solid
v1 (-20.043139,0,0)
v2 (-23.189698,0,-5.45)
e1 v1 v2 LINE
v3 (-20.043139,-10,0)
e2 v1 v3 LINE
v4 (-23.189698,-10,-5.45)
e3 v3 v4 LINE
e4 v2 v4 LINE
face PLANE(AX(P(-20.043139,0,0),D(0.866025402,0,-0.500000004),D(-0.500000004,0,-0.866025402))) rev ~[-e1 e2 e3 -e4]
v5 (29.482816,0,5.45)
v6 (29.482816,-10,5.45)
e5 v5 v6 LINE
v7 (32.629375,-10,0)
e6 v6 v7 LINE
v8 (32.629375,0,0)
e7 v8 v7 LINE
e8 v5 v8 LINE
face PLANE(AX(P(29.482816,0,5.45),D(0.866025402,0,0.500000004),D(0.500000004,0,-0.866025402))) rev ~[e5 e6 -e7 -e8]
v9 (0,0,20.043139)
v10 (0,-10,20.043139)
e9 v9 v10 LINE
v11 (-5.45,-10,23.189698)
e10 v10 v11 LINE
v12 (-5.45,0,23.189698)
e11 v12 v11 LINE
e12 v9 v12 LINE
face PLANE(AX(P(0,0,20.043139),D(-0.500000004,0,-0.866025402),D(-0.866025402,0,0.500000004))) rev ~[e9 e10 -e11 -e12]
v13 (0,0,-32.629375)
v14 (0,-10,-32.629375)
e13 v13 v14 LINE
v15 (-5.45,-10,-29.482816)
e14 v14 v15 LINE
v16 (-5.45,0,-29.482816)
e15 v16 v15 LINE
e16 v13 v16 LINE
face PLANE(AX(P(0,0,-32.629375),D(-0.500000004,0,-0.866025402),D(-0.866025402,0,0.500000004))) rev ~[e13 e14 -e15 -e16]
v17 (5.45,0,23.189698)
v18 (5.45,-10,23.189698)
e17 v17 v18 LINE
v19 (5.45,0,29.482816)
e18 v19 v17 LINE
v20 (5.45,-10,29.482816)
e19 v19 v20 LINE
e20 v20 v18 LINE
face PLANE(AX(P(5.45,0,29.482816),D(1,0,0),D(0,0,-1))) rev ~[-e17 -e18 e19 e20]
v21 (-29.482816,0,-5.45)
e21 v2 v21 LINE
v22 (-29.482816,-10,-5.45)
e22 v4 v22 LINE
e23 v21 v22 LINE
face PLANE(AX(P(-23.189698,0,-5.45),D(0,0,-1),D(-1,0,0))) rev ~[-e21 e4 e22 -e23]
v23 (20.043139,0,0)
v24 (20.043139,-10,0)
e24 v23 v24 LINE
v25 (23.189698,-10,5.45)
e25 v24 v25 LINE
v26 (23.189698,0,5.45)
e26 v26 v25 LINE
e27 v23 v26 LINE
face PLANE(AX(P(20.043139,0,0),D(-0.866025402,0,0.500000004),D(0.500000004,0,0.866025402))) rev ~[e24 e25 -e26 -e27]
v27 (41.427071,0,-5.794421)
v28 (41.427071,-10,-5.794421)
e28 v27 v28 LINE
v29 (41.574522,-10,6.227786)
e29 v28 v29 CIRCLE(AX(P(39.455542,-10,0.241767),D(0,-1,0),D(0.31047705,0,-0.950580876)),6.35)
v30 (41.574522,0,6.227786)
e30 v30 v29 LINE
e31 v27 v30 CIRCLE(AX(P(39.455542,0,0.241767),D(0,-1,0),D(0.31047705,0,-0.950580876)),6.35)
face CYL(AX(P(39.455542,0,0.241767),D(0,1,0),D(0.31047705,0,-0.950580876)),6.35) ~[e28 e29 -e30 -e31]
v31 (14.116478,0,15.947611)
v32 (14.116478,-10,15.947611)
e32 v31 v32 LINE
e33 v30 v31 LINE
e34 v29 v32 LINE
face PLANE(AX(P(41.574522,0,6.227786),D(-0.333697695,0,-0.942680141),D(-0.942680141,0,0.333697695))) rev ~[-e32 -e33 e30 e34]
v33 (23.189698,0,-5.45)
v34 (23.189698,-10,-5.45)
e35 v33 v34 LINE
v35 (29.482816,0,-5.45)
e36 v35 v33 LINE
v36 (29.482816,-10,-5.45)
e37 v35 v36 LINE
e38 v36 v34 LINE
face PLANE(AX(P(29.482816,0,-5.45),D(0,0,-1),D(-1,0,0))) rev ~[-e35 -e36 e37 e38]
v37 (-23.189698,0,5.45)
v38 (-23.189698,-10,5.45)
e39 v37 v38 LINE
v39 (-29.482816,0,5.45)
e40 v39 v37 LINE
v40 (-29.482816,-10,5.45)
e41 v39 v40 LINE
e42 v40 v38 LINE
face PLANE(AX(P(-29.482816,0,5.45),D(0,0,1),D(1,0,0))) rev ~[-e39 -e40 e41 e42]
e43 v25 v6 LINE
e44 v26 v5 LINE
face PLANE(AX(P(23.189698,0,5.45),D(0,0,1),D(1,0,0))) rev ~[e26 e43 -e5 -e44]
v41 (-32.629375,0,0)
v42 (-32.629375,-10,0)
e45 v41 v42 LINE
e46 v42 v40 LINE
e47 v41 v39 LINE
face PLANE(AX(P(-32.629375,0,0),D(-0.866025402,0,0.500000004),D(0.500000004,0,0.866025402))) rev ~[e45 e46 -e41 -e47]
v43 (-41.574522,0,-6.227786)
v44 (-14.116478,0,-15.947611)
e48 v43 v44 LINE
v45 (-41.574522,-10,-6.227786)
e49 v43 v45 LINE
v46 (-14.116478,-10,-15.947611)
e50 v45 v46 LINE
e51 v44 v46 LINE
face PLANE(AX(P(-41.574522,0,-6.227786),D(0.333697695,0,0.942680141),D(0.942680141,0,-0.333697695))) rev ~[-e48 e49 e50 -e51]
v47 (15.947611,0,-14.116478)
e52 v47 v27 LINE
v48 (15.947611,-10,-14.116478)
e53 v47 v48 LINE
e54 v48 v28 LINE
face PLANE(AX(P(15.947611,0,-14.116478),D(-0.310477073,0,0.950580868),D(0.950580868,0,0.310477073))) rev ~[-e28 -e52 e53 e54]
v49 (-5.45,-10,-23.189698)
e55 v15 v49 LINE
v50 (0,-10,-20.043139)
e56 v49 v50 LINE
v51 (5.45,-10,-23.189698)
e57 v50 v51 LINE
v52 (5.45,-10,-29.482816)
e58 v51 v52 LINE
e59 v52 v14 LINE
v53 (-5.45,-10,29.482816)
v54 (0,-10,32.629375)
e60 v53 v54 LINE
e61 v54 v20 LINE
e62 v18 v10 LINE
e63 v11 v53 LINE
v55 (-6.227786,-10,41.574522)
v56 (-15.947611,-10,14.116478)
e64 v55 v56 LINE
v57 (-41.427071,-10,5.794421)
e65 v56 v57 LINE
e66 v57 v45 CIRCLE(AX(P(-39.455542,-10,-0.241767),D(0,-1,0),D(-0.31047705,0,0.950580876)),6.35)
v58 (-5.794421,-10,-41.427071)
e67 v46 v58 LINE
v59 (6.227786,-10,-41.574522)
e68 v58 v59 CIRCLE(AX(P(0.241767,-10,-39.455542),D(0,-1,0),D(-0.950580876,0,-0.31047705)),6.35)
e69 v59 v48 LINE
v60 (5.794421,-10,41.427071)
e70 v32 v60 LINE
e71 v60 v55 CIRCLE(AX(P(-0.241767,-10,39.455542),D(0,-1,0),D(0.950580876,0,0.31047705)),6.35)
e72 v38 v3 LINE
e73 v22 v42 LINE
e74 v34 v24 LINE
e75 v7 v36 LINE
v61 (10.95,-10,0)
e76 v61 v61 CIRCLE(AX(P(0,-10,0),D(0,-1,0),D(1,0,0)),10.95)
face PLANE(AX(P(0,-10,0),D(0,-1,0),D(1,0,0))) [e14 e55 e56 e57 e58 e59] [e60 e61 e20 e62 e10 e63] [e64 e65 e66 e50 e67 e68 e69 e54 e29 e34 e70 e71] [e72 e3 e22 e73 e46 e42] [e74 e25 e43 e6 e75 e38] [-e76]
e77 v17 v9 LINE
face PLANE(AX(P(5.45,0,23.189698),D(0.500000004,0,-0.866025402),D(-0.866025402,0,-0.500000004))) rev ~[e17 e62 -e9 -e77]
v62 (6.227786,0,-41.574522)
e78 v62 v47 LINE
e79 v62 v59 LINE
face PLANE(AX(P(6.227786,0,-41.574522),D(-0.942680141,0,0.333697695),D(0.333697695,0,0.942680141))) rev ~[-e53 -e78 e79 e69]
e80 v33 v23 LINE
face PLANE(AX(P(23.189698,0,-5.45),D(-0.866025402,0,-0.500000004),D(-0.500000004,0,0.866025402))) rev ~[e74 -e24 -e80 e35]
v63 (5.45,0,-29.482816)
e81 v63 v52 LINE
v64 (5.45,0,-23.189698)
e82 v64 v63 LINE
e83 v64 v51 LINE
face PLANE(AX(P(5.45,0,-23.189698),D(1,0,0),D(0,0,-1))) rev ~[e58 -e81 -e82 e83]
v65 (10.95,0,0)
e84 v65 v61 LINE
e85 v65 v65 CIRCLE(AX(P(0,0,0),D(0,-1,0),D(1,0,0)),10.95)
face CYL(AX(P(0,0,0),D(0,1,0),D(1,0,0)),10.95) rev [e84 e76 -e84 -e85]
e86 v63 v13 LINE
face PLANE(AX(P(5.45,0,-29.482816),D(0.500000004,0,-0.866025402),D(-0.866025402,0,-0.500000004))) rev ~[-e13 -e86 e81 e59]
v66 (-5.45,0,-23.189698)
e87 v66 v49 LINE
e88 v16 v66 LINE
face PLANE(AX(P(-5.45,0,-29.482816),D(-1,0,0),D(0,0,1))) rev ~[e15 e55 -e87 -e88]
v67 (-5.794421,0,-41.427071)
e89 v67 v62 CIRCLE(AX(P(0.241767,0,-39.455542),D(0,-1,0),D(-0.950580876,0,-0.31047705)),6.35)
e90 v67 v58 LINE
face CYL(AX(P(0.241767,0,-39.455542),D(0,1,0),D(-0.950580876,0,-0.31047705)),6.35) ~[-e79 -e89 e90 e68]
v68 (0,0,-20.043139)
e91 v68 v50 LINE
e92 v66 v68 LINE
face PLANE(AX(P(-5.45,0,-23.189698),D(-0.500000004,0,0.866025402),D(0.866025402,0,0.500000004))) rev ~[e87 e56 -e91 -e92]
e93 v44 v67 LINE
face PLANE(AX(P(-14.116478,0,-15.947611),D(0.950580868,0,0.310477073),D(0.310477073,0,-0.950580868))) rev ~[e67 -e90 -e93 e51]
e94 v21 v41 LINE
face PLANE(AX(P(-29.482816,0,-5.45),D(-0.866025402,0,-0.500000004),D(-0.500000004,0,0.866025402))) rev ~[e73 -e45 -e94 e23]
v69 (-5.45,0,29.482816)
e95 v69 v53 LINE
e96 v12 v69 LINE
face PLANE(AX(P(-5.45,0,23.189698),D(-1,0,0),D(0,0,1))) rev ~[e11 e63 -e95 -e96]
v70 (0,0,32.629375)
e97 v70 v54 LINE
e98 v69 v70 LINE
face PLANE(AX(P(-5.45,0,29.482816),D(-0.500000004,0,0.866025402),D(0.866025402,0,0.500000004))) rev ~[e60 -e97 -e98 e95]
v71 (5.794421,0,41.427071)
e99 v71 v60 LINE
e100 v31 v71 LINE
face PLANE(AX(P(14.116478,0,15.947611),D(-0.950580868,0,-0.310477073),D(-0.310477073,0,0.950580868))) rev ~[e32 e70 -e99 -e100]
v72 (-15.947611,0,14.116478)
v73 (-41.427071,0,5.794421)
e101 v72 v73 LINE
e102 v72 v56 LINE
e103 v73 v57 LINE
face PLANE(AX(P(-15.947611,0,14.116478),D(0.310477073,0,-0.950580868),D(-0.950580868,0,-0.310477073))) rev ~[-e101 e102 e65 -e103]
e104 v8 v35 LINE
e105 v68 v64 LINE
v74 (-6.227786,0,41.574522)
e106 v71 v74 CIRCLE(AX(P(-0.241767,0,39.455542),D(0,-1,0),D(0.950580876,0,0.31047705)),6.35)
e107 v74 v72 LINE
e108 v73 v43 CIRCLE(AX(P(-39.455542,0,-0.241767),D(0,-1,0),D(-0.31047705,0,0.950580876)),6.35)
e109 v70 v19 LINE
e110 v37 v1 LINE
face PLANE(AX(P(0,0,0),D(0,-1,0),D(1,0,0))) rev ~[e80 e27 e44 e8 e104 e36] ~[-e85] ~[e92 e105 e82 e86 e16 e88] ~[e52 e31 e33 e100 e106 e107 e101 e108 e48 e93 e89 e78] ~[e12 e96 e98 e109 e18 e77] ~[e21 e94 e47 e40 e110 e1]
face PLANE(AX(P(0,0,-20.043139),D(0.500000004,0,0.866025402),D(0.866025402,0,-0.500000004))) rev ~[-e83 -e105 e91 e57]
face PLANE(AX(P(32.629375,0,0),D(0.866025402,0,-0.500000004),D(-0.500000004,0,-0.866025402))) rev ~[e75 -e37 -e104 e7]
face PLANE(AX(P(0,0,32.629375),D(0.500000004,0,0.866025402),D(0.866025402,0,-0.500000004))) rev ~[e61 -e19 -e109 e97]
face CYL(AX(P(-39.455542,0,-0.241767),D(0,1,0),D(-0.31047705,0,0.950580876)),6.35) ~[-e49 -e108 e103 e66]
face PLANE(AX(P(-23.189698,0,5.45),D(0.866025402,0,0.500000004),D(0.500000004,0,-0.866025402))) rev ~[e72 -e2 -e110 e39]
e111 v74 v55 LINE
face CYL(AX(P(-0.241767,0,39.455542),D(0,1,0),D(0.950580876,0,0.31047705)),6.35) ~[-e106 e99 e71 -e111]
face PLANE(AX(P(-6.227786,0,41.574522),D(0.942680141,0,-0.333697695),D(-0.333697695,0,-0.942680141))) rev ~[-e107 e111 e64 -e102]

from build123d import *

# Parameters (mm, degrees)
F0_R     = 10.95
F1_DEPTH = 10


with BuildPart() as f1:
    # F0 (on Front) → F1 (new body)
    with BuildSketch(Plane.XZ):
        with BuildLine():
            Line((-6.227786, 41.574522), (-15.947611, 14.116478))
            Line((-15.947611, 14.116478), (-41.427071, 5.794421))
            ThreePointArc((-41.427071, 5.794421), (-45.805064, -0.163891), (-41.574522, -6.227786))
            Line((-41.574522, -6.227786), (-14.116478, -15.947611))
            Line((-14.116478, -15.947611), (-5.794421, -41.427071))
            ThreePointArc((-5.794421, -41.427071), (0.163891, -45.805064), (6.227786, -41.574522))
            Line((6.227786, -41.574522), (15.947611, -14.116478))
            Line((15.947611, -14.116478), (41.427071, -5.794421))
            ThreePointArc((41.427071, -5.794421), (45.805064, 0.163891), (41.574522, 6.227786))
            Line((41.574522, 6.227786), (14.116478, 15.947611))
            Line((14.116478, 15.947611), (5.794421, 41.427071))
            ThreePointArc((5.794421, 41.427071), (-0.163891, 45.805064), (-6.227786, 41.574522))
        make_face()
        Polygon((-5.45, -23.189698), (0, -20.043139), (5.45, -23.189698), (5.45, -29.482816), (0, -32.629375), (-5.45, -29.482816), align=None, mode=Mode.SUBTRACT)
        Polygon((-23.189698, 5.45), (-20.043139, 0), (-23.189698, -5.45), (-29.482816, -5.45), (-32.629375, 0), (-29.482816, 5.45), align=None, mode=Mode.SUBTRACT)
        Circle(F0_R, mode=Mode.SUBTRACT)
        Polygon((0, 32.629375), (5.45, 29.482816), (5.45, 23.189698), (0, 20.043139), (-5.45, 23.189698), (-5.45, 29.482816), align=None, mode=Mode.SUBTRACT)
        Polygon((23.189698, -5.45), (20.043139, 0), (23.189698, 5.45), (29.482816, 5.45), (32.629375, 0), (29.482816, -5.45), align=None, mode=Mode.SUBTRACT)
    extrude(amount=F1_DEPTH)


solid = f1.part
